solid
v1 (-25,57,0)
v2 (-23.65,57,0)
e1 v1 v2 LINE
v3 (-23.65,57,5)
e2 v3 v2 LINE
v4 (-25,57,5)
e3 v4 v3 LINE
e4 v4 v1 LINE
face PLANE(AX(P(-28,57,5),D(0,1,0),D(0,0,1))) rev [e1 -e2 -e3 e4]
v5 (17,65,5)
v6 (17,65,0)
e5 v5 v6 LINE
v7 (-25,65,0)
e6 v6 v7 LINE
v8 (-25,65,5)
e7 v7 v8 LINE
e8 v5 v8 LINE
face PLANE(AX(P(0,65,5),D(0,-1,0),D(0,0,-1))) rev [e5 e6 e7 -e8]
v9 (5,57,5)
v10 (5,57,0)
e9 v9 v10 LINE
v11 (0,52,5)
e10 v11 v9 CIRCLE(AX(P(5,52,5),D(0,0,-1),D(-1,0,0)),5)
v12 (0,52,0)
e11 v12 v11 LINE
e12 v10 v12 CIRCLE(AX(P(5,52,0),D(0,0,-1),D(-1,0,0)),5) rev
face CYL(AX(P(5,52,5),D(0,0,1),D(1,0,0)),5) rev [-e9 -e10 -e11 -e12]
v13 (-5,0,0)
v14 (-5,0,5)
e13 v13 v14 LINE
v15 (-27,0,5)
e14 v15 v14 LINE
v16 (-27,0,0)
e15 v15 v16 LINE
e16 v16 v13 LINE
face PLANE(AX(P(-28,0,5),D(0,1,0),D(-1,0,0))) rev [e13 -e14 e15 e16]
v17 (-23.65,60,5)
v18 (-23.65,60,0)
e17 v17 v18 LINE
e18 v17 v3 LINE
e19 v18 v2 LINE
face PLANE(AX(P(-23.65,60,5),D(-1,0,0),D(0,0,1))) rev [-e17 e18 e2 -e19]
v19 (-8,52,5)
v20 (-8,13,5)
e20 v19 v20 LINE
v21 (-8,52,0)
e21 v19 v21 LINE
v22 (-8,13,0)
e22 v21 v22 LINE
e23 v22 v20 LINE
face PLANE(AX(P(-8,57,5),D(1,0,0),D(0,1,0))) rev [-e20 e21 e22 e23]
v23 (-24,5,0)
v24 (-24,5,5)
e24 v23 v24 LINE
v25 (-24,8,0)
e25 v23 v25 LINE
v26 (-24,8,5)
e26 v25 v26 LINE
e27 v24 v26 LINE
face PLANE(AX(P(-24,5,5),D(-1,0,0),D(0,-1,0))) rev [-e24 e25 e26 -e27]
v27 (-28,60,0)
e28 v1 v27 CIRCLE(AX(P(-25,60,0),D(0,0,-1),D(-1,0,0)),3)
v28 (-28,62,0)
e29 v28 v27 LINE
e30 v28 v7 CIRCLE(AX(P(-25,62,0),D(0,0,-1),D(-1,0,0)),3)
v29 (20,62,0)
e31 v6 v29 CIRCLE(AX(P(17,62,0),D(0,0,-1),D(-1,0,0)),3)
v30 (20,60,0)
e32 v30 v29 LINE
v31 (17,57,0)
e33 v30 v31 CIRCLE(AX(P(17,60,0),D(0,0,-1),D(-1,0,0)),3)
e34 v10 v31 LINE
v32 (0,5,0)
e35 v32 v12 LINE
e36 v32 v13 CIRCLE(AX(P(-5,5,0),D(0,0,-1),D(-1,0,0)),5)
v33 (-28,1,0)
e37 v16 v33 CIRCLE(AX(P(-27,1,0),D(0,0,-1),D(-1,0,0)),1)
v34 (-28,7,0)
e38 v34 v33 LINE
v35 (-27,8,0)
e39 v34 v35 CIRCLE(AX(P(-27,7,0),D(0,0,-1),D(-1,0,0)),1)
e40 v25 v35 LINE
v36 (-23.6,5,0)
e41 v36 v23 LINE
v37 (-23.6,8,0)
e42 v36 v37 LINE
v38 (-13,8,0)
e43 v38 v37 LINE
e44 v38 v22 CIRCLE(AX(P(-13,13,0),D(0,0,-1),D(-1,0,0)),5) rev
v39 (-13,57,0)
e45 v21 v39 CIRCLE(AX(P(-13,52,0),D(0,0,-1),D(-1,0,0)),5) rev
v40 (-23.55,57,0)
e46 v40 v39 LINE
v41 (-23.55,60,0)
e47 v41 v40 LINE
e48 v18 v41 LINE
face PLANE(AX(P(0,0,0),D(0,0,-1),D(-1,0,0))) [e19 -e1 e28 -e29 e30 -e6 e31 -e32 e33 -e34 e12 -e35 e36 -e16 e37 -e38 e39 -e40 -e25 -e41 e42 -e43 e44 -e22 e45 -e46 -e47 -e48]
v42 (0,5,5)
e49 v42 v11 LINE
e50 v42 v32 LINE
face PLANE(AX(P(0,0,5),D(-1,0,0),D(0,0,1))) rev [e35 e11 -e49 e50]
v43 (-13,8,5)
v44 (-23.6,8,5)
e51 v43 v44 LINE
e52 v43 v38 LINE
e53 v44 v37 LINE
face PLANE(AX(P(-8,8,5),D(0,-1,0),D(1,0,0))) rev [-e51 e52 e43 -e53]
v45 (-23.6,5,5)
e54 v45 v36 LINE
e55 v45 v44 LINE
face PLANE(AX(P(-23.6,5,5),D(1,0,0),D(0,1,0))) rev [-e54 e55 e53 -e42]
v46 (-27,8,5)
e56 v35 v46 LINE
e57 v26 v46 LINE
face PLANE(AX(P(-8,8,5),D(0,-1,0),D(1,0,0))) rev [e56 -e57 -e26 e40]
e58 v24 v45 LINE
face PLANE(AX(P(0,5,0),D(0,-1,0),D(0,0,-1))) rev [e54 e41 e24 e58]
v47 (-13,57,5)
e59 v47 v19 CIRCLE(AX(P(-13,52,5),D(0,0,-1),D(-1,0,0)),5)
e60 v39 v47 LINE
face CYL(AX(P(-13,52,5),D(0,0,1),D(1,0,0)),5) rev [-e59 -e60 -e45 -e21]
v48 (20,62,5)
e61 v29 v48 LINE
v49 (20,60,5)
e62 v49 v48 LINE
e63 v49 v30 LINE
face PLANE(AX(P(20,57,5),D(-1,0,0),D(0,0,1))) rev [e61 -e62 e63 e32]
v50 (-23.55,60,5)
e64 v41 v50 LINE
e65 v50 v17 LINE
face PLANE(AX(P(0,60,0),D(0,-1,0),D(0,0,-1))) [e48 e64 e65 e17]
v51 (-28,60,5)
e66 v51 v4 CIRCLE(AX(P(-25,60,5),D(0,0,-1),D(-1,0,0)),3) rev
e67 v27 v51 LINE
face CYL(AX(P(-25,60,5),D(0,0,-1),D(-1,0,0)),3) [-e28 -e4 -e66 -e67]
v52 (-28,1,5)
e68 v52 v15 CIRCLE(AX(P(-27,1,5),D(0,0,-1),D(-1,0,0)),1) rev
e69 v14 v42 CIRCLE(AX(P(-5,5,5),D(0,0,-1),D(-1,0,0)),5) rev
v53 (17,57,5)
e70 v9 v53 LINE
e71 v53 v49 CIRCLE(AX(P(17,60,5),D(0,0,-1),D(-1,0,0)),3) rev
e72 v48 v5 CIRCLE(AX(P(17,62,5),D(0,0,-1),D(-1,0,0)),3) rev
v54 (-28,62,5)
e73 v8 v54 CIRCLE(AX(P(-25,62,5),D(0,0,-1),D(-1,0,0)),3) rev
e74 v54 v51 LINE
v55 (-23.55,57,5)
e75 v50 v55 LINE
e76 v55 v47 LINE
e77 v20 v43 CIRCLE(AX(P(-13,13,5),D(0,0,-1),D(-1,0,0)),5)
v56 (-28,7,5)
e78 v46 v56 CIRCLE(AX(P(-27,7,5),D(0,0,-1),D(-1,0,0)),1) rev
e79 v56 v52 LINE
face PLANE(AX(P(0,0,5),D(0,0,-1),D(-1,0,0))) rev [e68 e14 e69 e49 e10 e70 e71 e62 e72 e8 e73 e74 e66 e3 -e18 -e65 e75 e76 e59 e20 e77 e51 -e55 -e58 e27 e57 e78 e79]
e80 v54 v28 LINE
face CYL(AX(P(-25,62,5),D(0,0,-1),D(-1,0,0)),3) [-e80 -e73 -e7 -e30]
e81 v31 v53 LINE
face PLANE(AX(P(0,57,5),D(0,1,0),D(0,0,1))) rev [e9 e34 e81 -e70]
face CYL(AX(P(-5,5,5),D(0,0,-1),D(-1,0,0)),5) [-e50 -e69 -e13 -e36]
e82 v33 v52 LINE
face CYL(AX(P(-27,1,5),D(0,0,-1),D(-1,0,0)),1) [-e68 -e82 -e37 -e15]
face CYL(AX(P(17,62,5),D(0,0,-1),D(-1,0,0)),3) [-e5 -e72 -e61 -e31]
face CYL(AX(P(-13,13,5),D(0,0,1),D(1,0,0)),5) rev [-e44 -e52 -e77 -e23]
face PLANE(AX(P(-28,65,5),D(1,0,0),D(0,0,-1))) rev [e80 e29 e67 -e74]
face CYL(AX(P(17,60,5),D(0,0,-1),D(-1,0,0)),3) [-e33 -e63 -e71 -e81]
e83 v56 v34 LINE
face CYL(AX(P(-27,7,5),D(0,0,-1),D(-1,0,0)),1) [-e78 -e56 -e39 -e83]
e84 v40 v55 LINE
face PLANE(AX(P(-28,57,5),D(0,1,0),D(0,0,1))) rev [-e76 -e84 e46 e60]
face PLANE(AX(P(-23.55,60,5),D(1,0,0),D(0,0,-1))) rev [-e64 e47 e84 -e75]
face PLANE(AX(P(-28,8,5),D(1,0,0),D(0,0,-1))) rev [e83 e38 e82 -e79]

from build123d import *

# Parameters (mm, degrees)
BOSS_EXTRUDE1_DEPTH = 5
SKETCH2_W           = 0.4
SKETCH2_H           = 5
CUT_EXTRUDE1_DEPTH  = 3
SKETCH3_W           = 0.1
SKETCH3_H           = 5
CUT_EXTRUDE2_DEPTH  = 3
FILLET1_R           = 5
FILLET2_R           = 3
FILLET3_R           = 1


with BuildPart() as part:
    # Sketch1 → Boss-Extrude1 (new body)
    with BuildSketch(Plane.XY):
        Polygon((0, 65), (-28, 65), (-28, 57), (-8, 57), (-8, 8), (-28, 8), (-28, 0), (0, 0), (0, 57), (20, 57), (20, 65), align=None)
    extrude(amount=BOSS_EXTRUDE1_DEPTH)

    # Sketch2 → Cut-Extrude1 (cut)
    with BuildSketch(Plane(origin=(0, 8, 0), x_dir=(1, 0, 0), z_dir=(0, 1, 0))):
        with Locations((-23.8, -2.5)):
            Rectangle(SKETCH2_W, SKETCH2_H)
    extrude(amount=-CUT_EXTRUDE1_DEPTH, mode=Mode.SUBTRACT)

    # Sketch3 → Cut-Extrude2 (cut)
    with BuildSketch(Plane.XZ.offset(-57)):
        with Locations((-23.6, 2.5)):
            Rectangle(SKETCH3_W, SKETCH3_H)
    extrude(amount=-CUT_EXTRUDE2_DEPTH, mode=Mode.SUBTRACT)

    # Fillet1
    fillet1_edges = [part.edges().sort_by_distance(p)[0] for p in [
        (0, 0, 2.5),
        (-8, 8, 2.5),
        (-8, 57, 2.5),
        (0, 57, 2.5),
    ]]
    fillet(fillet1_edges, radius=FILLET1_R)

    # Fillet2
    fillet2_edges = [part.edges().sort_by_distance(p)[0] for p in [
        (-28, 57, 2.5),
        (-28, 65, 2.5),
        (20, 65, 2.5),
        (20, 57, 2.5),
    ]]
    fillet(fillet2_edges, radius=FILLET2_R)

    # Fillet3
    fillet3_edges = [part.edges().sort_by_distance(p)[0] for p in [
        (-28, 0, 2.5),
        (-28, 8, 2.5),
    ]]
    fillet(fillet3_edges, radius=FILLET3_R)


solid = part.part
